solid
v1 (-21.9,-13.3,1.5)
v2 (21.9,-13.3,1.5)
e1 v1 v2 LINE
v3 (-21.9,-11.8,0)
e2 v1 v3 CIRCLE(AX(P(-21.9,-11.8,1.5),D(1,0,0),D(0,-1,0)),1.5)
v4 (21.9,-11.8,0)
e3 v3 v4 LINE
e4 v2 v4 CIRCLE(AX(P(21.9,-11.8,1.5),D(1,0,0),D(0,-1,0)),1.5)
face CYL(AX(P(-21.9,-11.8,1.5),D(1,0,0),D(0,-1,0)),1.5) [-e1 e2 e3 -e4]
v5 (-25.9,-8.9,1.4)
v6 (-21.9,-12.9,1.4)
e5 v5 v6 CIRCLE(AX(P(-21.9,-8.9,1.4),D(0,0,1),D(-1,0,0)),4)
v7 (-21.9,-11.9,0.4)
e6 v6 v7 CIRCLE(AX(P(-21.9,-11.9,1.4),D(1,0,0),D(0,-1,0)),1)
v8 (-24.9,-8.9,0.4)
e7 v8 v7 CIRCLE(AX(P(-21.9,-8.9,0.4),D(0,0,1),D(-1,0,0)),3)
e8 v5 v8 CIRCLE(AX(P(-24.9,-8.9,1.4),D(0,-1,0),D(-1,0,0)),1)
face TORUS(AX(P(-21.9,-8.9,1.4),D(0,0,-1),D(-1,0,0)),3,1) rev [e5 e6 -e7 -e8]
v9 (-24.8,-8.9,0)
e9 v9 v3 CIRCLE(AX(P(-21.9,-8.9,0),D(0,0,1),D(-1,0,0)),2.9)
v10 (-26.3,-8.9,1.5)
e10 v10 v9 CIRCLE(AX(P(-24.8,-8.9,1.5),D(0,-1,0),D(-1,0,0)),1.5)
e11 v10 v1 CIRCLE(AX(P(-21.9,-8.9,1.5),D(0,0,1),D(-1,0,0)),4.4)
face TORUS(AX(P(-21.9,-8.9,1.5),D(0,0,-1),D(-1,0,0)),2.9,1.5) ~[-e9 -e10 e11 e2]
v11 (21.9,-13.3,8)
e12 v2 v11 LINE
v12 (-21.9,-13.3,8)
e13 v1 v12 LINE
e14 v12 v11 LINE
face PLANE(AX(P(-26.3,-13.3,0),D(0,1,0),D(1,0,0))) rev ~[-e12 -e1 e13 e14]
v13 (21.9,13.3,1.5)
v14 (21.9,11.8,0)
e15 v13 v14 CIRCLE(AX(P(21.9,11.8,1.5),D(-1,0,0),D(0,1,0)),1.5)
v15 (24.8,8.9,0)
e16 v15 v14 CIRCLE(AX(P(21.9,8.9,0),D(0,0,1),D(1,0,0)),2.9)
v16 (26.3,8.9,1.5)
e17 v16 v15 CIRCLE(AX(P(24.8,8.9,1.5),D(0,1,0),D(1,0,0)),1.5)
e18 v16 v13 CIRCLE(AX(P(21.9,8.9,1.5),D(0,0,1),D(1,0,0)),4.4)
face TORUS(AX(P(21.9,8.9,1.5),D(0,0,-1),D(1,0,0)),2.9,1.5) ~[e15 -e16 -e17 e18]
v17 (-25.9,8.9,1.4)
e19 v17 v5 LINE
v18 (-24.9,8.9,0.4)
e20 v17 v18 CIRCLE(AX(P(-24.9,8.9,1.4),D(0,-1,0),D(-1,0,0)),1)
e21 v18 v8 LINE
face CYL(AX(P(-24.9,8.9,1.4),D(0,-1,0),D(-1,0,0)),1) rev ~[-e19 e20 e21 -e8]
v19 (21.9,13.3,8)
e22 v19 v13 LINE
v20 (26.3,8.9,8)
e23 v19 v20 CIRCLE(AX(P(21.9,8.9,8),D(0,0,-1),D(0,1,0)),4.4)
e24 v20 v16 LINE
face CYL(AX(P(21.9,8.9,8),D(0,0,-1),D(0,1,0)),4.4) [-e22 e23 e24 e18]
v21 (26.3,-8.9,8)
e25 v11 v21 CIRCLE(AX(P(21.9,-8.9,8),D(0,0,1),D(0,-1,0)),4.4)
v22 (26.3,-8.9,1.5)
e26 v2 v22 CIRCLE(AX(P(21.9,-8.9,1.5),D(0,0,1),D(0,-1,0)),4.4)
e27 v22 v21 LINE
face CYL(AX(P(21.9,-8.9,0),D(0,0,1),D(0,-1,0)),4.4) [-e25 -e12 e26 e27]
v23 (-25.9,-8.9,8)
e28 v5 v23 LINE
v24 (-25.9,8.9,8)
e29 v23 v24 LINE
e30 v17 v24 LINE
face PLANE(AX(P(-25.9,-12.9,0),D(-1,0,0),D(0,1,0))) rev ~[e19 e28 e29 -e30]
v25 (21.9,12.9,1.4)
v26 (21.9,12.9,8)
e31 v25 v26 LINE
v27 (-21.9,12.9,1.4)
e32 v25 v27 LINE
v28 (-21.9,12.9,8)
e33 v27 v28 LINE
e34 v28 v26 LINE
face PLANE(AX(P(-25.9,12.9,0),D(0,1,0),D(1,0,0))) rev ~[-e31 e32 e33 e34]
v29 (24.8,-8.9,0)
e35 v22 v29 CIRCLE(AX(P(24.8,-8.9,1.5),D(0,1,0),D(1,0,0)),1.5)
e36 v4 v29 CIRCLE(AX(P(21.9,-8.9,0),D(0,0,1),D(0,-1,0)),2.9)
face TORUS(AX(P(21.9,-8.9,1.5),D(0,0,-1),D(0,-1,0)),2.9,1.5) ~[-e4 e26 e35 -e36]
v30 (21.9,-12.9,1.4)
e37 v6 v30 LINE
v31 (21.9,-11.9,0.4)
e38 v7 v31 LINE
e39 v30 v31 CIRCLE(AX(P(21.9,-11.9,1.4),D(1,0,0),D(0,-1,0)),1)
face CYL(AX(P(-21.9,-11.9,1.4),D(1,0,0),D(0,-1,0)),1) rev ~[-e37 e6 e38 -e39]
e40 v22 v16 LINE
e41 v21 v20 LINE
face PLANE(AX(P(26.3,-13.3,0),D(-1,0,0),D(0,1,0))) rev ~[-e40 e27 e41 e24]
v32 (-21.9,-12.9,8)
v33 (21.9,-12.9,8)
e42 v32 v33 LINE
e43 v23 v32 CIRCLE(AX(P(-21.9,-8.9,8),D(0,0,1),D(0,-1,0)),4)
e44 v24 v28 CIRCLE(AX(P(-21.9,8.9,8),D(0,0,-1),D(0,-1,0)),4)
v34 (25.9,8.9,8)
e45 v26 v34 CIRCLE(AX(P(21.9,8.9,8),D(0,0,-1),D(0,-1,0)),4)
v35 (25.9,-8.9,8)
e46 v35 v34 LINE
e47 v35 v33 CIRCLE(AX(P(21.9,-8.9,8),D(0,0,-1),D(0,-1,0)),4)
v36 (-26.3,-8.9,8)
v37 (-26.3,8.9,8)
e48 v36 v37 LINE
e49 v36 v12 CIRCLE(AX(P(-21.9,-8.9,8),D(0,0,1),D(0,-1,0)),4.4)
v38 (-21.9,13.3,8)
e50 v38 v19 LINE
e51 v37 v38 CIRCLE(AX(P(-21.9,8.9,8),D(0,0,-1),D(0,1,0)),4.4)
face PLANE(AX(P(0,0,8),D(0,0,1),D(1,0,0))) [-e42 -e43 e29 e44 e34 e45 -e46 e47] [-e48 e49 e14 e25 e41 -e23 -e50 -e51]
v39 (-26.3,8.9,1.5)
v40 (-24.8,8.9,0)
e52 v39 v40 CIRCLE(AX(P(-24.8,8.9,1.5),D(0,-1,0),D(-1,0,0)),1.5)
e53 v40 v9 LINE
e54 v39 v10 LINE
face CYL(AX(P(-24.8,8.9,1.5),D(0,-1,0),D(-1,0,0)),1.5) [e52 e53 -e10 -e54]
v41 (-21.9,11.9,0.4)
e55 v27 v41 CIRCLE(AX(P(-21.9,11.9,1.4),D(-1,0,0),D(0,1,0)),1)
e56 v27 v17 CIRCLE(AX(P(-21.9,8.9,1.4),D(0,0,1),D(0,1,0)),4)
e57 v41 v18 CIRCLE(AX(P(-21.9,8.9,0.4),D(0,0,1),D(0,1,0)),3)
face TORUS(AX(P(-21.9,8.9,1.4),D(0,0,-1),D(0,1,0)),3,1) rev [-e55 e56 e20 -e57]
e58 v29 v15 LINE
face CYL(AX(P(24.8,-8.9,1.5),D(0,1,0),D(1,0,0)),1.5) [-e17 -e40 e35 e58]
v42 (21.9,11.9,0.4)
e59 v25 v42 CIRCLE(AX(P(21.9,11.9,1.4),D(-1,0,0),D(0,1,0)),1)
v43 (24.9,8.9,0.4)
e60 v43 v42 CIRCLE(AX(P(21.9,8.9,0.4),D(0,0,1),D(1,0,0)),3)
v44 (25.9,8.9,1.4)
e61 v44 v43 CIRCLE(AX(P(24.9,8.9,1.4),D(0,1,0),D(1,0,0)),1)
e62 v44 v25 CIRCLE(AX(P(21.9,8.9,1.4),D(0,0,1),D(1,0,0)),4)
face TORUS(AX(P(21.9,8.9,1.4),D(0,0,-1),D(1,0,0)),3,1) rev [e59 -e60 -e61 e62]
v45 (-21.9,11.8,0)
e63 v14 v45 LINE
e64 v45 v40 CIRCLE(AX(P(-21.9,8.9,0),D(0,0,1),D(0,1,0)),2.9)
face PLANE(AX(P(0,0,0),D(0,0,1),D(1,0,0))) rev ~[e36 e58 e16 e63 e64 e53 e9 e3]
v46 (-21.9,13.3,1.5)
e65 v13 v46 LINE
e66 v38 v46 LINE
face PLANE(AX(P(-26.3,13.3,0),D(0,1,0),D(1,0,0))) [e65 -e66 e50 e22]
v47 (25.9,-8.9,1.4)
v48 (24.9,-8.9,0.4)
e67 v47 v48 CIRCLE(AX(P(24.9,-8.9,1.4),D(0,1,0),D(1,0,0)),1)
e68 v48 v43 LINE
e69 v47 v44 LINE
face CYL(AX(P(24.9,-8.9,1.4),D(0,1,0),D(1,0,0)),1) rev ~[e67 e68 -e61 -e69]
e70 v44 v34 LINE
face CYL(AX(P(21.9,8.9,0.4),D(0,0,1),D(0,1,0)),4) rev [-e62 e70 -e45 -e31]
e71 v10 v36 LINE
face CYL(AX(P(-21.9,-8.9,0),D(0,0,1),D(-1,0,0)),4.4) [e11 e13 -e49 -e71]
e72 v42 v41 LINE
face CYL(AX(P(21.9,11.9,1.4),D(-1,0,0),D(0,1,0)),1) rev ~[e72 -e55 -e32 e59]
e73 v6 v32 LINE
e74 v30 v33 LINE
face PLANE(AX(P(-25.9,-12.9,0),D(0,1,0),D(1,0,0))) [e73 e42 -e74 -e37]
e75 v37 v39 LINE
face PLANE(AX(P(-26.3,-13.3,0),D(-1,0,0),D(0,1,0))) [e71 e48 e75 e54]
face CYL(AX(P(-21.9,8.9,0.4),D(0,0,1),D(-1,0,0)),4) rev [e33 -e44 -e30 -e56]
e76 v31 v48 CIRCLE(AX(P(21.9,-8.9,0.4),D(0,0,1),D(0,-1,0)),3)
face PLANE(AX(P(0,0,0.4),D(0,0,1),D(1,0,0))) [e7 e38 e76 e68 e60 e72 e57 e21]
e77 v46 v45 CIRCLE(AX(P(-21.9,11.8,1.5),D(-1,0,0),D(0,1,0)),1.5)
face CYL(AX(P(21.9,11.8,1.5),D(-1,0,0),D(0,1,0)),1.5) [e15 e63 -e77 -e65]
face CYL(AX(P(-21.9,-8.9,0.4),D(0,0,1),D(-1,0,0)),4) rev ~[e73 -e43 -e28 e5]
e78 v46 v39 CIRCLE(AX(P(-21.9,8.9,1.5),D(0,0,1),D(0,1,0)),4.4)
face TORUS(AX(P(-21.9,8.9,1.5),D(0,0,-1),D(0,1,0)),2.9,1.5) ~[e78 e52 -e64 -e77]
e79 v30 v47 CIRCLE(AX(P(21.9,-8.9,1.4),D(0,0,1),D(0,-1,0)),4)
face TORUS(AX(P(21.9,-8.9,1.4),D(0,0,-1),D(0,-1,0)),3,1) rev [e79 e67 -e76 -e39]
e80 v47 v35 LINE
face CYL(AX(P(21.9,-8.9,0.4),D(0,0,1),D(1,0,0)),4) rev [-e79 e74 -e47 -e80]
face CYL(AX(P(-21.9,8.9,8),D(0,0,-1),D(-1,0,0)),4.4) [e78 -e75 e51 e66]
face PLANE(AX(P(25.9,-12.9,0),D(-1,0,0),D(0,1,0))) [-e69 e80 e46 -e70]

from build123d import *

# Parameters (mm, degrees)
F0_W     = 52.6
F0_H     = 26.6
F0_W_2   = 51.8
F0_H_2   = 25.8
F1_DEPTH = 0.4
F2_DEPTH = 8
F3_R     = 4
F4_R     = 4.4
F5_R     = 1
F6_R     = 1.5


with BuildPart() as f1:
    # F0 (on Top) → F1 (new body)
    with BuildSketch(Plane.XY):
        Rectangle(F0_W, F0_H)
        Rectangle(F0_W_2, F0_H_2, mode=Mode.SUBTRACT)
        Rectangle(F0_W_2, F0_H_2)
    extrude(amount=F1_DEPTH)

    # F0 (on Top) → F2 (join)
    with BuildSketch(Plane.XY):
        Rectangle(F0_W, F0_H)
        Rectangle(F0_W_2, F0_H_2, mode=Mode.SUBTRACT)
    extrude(amount=F2_DEPTH)

    # F3
    f3_edges = [f1.edges().sort_by_distance(p)[0] for p in [
        (-25.9, 12.9, 4.2),
        (25.9, 12.9, 4.2),
        (25.9, -12.9, 4.2),
        (-25.9, -12.9, 4.2),
    ]]
    fillet(f3_edges, radius=F3_R)

    # F4
    f4_edges = [f1.edges().sort_by_distance(p)[0] for p in [
        (26.3, 13.3, 4),
        (26.3, -13.3, 4),
        (-26.3, 13.3, 4),
        (-26.3, -13.3, 4),
    ]]
    fillet(f4_edges, radius=F4_R)

    # F5
    f5_edges = [f1.edges().sort_by_distance(p)[0] for p in [
        (0, 12.9, 0.4),
    ]]
    fillet(f5_edges, radius=F5_R)

    # F6
    f6_edges = [f1.edges().sort_by_distance(p)[0] for p in [
        (0, -13.3, 0),
    ]]
    fillet(f6_edges, radius=F6_R)


solid = f1.part
